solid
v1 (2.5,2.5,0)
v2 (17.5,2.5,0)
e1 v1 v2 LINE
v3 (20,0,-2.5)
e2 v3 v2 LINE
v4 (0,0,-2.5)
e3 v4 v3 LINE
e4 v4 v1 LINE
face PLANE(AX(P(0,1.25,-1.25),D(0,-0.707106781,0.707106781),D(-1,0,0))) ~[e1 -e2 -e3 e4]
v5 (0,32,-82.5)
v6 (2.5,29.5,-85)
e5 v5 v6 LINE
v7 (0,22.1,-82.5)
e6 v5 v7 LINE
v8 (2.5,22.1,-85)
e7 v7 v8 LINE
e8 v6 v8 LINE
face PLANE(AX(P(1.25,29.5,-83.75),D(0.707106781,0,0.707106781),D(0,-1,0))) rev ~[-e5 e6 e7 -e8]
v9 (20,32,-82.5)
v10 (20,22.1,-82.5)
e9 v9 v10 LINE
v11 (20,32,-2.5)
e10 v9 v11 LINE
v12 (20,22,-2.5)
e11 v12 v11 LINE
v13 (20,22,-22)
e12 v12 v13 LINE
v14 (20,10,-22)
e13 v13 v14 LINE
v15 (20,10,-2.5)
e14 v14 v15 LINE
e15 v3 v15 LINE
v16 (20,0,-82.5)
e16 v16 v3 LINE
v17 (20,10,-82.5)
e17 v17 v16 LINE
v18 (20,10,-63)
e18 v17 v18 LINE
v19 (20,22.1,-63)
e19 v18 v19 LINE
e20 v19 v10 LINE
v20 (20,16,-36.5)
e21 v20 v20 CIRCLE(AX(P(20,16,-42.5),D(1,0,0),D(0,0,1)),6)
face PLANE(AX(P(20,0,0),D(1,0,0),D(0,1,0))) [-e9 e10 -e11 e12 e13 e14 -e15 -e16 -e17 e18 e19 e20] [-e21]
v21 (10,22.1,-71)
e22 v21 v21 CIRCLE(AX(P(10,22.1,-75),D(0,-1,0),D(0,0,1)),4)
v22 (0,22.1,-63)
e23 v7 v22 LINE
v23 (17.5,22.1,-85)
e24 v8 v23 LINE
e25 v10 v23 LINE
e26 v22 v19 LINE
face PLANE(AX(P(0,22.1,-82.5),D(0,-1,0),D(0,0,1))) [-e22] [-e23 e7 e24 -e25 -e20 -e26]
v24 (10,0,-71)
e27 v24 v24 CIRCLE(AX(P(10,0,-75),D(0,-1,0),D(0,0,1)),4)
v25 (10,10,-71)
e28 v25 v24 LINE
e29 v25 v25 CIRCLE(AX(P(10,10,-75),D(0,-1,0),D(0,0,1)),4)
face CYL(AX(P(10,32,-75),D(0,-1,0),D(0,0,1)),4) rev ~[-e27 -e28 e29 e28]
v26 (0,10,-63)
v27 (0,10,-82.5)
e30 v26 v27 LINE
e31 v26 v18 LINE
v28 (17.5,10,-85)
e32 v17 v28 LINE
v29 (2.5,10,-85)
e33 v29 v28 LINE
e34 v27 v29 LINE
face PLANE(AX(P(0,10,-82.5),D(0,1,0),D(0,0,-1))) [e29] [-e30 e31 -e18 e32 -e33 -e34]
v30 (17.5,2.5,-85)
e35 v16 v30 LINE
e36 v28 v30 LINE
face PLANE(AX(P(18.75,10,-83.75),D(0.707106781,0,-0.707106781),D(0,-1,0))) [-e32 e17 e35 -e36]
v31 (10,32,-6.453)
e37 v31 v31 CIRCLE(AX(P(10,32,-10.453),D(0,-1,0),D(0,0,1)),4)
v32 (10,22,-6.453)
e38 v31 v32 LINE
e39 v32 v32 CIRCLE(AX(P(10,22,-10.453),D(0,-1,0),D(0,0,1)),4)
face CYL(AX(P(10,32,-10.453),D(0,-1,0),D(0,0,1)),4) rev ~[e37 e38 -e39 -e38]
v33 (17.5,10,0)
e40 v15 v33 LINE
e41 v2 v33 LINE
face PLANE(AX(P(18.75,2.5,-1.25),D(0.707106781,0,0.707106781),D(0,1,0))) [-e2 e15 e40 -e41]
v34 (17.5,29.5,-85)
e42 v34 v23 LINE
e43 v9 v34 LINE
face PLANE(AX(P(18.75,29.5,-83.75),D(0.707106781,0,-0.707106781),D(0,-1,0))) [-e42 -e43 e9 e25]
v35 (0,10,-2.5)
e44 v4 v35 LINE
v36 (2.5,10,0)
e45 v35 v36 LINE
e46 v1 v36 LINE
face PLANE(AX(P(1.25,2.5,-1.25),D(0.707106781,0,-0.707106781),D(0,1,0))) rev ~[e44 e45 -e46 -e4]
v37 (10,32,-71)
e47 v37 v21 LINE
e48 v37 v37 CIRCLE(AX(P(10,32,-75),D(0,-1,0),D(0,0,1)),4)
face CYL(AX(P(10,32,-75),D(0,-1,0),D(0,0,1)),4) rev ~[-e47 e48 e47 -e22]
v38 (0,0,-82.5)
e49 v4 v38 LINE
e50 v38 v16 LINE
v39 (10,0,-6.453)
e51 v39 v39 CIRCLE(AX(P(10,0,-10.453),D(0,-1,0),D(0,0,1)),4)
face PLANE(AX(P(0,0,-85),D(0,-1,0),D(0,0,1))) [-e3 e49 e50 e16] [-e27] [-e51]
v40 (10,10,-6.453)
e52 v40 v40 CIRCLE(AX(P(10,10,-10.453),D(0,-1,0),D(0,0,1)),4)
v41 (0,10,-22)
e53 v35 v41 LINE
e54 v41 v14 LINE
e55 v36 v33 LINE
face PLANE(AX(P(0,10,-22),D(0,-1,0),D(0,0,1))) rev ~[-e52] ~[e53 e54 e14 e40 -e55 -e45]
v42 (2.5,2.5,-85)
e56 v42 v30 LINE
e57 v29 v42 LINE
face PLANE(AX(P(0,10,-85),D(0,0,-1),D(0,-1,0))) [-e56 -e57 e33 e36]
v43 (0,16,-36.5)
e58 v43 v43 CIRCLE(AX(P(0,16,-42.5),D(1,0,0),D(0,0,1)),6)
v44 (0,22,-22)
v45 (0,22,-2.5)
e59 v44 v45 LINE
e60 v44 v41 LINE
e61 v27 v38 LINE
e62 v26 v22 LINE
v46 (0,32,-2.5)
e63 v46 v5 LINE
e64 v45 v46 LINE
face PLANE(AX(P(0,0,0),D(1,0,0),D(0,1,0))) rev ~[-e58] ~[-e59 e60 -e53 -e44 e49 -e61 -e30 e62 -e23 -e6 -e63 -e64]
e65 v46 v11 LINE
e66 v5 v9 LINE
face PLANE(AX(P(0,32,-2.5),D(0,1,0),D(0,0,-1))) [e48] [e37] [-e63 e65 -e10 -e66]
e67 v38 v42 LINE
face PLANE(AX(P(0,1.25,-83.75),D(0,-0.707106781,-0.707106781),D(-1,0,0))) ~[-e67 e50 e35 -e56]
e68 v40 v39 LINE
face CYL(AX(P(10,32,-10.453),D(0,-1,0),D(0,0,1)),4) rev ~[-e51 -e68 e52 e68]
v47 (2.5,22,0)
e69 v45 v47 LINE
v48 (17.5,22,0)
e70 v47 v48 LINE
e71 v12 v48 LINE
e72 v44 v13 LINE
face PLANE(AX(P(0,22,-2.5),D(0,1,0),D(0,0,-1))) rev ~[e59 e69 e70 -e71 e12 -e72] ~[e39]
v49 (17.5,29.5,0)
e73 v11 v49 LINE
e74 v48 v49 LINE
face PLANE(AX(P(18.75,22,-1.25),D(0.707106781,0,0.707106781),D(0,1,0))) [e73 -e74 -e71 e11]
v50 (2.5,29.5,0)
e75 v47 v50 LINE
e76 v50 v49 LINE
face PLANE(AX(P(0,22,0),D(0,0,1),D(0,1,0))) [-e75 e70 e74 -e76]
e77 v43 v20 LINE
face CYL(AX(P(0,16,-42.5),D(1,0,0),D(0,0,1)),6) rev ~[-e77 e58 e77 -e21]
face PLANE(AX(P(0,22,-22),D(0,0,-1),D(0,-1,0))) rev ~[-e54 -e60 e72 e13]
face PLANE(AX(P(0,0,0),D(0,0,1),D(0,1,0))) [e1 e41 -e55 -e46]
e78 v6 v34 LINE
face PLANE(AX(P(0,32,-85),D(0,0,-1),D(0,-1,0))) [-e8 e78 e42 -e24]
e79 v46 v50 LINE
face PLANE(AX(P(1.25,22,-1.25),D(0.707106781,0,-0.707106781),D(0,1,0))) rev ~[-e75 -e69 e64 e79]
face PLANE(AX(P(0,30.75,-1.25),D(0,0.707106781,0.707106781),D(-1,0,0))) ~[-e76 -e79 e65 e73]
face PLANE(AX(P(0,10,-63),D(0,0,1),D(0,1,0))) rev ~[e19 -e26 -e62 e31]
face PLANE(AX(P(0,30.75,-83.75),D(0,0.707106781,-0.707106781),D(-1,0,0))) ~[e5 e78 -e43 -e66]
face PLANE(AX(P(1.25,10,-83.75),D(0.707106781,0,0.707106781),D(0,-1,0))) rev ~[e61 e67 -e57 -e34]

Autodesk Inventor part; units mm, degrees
ref_plane "YZ Plane" through (0, 0, 0) normal (1, 0, 0) x (0, 1, 0)
ref_plane "XZ Plane" through (0, 0, 0) normal (0, 1, 0) x (-1, 0, 0)
ref_plane "XY Plane" through (0, 0, 0) normal (0, 0, 1) x (1, 0, 0)
sketch "Skizze1" plane through (0, 0, 0) normal (1, 0, 0) x (0, 1, 0)
  line L0 (0, -102) -> (0, 17) projected
  line L1 (-6.4, 0) -> (38.4, 0) projected
  line L2 (0, 0) -> (32, 0)
  line L3 (32, 0) -> (32, -85)
  line L4 (32, -85) -> (0, -85)
  line L5 (0, -85) -> (0, 0)
  line L6 (0, 0) -> (10, 0)
  line L7 (10, 0) -> (22, 0)
  line L8 (22, 0) -> (22, -22)
  line L9 (10, -22) -> (10, 0)
  line L10 (10, -85) -> (22.1, -85)
  line L11 (22.1, -85) -> (22.1, -63)
  line L12 (10, -63) -> (10, -85)
  line L13 (22, -22) -> (10, -22)
  line L14 (10, -63) -> (22.1, -63)
  line L15 (32, -2.5) -> (22, -2.5)
  line L16 (10, -2.5) -> (0, -2.5)
  line L17 (32, -85) -> (32, -82.5)
  line L18 (32, -82.5) -> (22.1, -82.5)
  line L19 (10, -82.5) -> (0, -82.5)
  point P0 (16, -42.5)
  dimension "d0" = 32
  dimension "d1" = 85
  dimension "d2" = 10
  dimension "d4" = 22
  dimension "d5" = 12
  dimension "d8" = 2.5
extrude "Extrusion2" add sketch "Skizze1" along normal blind 20 contours L0 L19 L12 L4 | L0 L16 L9 L13 L8 L15 L3 L18 L11 L14 L12 L19 | L0 L1 L9 L16 | L11 L18 L3 L4 | L1 L3 L15 L8
chamfer "Fasen5" distance 2.5 angle 45 1 edges at (10, 0, -85) measured on face at (6.6667, 0, -28.3333)
chamfer "Fasen6" distance 2.5 angle 45 1 edges at (10, 32, -85) measured on face at (6.6667, 32, -56.6667)
chamfer "Fasen7" distance 2.5 angle 45 1 edges at (10, 32, 0) measured on face at (13.3333, 32, -55)
chamfer "Fasen8" distance 2.5 angle 45 1 edges at (10, 0, 0) measured on face at (13.3333, 0, -27.5)
hole "Bohrung1" at (0, 16, -42.5) direction (1, 0, 0) diameter 12 end through all
thread "Gewinde1" size "M12x1.75" class "6H" standard "ANSI Metric M Profile" full length
sketch "Skizze2" plane through (0, 32, -82.5) normal (0, 1, 0) x (1, 0, 0)
  line L0 (0, 2.5) -> (0, -19.5) projected
  line L1 (0, 2.5) -> (0, -7.5)
  point P0 (0, -82.5)
  point P1 (10, -7.5)
  point P2 (0, -72.5)
  point P3 (10, -72.047)
hole "Bohrung2" at (10, 32, -75) at (10, 32, -10.453) direction (0, -1, 0) diameter 8 end through all
chamfer "Fasen9" distance 2.5 angle 45 1 edges at (20, 25.75, 0) measured on face at (13.3333, 27, 0)
chamfer "Fasen10" distance 2.5 angle 45 1 edges at (20, 6.25, 0) measured on face at (13.3333, 7.5, 0)
chamfer "Fasen11" distance 2.5 angle 45 1 edges at (20, 25.8, -85) measured on face at (13.3333, 24.5667, -85)
chamfer "Fasen12" distance 2.5 angle 45 1 edges at (20, 6.25, -85) measured on face at (13.3333, 5, -85)
chamfer "Fasen13" distance 2.5 angle 45 1 edges at (0, 25.8, -85) measured on face at (5.8333, 24.5667, -85)
chamfer "Fasen14" distance 2.5 angle 45 1 edges at (0, 6.25, -85) measured on face at (5.8333, 5, -85)
chamfer "Fasen15" distance 2.5 angle 45 1 edges at (0, 25.75, 0) measured on face at (0, 28.6521, -42.2589)
chamfer "Fasen16" distance 2.5 angle 45 1 edges at (0, 6.25, 0) measured on face at (0, 3.3479, -42.7411)
properties part number "Abzieher_Trägeript" material "1.0038 S235JR"
